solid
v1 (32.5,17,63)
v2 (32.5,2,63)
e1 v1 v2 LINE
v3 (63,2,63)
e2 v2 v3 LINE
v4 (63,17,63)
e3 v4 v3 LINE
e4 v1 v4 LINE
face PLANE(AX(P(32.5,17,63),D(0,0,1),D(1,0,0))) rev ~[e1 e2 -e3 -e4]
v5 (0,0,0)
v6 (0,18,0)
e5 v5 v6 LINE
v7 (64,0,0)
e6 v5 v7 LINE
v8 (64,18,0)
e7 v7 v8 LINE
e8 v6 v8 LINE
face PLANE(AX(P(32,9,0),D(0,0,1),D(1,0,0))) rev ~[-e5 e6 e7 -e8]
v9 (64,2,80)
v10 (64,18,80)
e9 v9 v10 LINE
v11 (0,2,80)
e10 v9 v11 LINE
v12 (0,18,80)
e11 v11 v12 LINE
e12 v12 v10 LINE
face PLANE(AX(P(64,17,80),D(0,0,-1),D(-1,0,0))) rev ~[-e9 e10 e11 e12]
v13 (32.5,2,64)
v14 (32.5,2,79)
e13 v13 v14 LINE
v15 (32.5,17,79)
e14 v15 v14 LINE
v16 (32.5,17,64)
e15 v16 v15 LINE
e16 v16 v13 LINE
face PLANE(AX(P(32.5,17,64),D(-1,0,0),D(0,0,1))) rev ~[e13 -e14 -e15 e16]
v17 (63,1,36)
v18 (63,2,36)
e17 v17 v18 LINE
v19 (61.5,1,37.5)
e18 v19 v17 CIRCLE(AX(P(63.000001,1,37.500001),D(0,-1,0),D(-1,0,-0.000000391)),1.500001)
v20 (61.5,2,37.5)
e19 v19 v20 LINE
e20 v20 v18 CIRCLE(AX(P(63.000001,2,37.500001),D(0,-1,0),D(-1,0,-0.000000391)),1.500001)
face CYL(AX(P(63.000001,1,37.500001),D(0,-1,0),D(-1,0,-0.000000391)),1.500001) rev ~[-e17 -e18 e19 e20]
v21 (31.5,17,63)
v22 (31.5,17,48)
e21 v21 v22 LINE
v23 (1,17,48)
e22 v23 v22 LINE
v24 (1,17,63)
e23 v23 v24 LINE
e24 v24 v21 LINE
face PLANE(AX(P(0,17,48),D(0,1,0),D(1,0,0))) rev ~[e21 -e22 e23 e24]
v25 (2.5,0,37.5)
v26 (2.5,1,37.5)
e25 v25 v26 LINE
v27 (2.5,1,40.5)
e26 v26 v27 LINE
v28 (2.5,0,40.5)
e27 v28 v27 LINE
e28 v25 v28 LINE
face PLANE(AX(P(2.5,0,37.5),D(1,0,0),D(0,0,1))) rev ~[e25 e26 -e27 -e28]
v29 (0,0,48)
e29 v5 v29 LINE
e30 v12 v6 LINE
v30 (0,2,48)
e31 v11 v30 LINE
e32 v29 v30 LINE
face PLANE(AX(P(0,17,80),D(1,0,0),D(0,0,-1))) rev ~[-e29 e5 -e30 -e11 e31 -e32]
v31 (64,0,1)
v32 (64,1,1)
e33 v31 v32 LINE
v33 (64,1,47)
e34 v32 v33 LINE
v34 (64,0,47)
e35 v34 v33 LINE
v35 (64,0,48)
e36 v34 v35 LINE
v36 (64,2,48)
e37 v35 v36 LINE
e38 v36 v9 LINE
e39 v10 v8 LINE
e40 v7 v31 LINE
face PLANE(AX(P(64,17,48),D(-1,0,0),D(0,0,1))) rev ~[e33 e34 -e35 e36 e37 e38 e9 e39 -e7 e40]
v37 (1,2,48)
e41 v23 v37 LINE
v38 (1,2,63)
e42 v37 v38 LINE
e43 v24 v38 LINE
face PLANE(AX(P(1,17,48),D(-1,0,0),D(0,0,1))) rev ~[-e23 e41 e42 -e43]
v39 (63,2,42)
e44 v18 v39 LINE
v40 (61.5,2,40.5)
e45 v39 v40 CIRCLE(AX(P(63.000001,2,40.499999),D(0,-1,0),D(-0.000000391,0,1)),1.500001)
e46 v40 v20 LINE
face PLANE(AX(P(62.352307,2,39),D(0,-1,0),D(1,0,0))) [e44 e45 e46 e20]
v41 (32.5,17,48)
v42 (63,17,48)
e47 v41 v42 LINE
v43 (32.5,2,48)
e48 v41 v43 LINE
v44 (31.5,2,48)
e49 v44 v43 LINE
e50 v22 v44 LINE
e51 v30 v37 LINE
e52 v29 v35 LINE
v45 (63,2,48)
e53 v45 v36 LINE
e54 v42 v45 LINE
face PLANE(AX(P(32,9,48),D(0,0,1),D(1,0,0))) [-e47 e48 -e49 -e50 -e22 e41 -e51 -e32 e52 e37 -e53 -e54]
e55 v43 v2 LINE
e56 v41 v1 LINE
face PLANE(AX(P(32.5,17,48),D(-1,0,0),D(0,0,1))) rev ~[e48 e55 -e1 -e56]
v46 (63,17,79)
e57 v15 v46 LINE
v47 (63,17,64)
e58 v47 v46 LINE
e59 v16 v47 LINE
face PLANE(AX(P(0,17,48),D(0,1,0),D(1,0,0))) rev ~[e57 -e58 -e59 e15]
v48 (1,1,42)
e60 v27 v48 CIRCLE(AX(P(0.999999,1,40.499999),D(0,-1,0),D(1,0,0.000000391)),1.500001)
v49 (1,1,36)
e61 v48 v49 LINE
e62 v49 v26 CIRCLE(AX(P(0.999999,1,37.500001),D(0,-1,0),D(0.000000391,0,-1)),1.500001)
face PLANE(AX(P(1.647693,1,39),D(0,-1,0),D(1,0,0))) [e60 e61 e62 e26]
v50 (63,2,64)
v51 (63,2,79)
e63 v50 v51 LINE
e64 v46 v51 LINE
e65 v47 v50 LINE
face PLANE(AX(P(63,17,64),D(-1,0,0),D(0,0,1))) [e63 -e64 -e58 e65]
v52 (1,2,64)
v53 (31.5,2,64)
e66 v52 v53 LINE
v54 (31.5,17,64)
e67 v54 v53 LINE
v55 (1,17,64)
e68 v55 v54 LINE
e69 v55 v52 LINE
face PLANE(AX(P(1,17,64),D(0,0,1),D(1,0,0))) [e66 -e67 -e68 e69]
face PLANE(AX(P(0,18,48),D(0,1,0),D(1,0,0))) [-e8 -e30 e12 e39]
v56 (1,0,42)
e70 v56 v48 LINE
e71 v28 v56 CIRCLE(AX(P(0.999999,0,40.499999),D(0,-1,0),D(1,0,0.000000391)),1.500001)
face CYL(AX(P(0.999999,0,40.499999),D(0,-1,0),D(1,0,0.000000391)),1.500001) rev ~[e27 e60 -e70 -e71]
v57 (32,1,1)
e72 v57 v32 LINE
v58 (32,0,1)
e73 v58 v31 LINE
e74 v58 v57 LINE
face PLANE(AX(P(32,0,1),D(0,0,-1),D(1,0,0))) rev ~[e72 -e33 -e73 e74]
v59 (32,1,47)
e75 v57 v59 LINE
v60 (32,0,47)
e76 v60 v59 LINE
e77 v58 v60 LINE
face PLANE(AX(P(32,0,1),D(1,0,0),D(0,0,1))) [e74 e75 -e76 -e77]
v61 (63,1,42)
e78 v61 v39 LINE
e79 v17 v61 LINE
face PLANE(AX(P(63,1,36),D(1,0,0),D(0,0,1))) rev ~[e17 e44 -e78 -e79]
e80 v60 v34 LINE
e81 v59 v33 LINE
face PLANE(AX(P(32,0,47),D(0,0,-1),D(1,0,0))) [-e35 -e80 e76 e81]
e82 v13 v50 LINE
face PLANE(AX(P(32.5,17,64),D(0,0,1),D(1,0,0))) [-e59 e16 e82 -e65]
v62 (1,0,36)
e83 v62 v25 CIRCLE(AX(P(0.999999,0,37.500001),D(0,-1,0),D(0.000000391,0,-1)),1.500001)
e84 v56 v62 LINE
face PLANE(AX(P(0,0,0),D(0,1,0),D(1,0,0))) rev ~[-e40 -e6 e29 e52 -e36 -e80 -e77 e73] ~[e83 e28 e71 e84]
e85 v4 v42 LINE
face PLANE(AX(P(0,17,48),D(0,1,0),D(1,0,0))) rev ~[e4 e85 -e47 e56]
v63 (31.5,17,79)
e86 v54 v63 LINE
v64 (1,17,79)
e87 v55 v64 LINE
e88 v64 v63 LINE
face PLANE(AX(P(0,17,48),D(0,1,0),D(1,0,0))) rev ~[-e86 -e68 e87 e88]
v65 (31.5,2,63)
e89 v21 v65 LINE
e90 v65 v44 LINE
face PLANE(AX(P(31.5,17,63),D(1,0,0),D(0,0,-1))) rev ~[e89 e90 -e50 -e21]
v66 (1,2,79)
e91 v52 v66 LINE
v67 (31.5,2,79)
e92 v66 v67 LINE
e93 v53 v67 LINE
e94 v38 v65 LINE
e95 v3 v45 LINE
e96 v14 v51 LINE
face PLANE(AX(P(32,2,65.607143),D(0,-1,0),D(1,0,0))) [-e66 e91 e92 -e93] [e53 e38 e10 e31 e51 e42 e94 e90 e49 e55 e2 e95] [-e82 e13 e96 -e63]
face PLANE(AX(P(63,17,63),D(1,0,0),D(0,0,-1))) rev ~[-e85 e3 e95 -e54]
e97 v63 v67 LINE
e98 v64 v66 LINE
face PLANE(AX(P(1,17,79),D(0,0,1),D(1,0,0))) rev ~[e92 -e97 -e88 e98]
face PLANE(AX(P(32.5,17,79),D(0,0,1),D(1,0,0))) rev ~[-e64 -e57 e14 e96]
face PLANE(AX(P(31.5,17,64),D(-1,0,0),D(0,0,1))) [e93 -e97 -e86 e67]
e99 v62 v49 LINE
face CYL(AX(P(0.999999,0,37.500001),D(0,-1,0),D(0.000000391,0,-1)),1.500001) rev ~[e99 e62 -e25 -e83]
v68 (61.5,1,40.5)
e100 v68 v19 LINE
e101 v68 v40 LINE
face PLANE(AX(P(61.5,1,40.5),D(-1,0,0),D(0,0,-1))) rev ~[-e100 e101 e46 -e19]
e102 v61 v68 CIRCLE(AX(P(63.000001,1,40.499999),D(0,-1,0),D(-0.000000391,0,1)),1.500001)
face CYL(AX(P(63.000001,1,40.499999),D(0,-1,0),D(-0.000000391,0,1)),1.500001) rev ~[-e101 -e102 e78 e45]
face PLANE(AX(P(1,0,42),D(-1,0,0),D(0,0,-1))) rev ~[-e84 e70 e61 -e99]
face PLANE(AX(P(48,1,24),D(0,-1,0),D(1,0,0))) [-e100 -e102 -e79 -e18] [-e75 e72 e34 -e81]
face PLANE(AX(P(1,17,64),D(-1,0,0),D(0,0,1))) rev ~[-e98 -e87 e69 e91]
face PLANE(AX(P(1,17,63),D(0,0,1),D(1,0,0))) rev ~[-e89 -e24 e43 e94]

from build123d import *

# Parameters (mm, degrees)
F0_W      = 64
F0_H      = 18
F1_DEPTH  = 48
F2_W      = 64
F2_H      = 1
F3_DEPTH  = 32
F4_W      = 30.5
F4_H      = 15
F5_DEPTH  = 15
F6_W      = 32
F6_H      = 46
F7_DEPTH  = 1
F9_DEPTH  = 1
F11_DEPTH = 1


with BuildPart() as f1:
    # F0 (on Top) → F1 (new body)
    with BuildSketch(Plane.XY):
        with Locations((32, 9)):
            Rectangle(F0_W, F0_H)
    extrude(amount=F1_DEPTH)

    # F2 (on face) → F3 (join)
    with BuildSketch(Plane.XY.offset(48)):
        with Locations((32, 17.5)):
            Rectangle(F2_W, F2_H)
    extrude(amount=F3_DEPTH)

    # F4 (on face) → F5 (join)
    with BuildSketch(Plane.XZ.offset(-17)):
        Polygon((1, 80), (0, 80), (0, 79), (0, 64), (0, 63), (0, 48), (1, 48), (1, 63), (31.5, 63), (31.5, 48), (32.5, 48), (32.5, 63), (63, 63), (63, 48), (64, 48), (64, 79), (64, 80), (63, 80), (32.5, 80), (31.5, 80), align=None)
        with Locations((16.25, 71.5)):
            Rectangle(F4_W, F4_H, mode=Mode.SUBTRACT)
        with Locations((47.75, 71.5)):
            Rectangle(F4_W, F4_H, mode=Mode.SUBTRACT)
    extrude(amount=F5_DEPTH)

    # F6 (on face) → F7 (cut)
    with BuildSketch(Plane.XZ):
        with Locations((48, 24)):
            Rectangle(F6_W, F6_H)
    extrude(amount=-F7_DEPTH, mode=Mode.SUBTRACT)

    # F8 (on face) → F9 (cut)
    with BuildSketch(Plane.XZ.offset(-1)):
        with BuildLine():
            ThreePointArc((63, 42), (61.93934, 41.56066), (61.5, 40.5))
            Line((61.5, 40.5), (61.5, 37.5))
            ThreePointArc((61.5, 37.5), (61.93934, 36.43934), (63, 36))
            Line((63, 36), (63, 42))
        make_face()
    extrude(amount=-F9_DEPTH, mode=Mode.SUBTRACT)

    # F10 (on face) → F11 (cut)
    with BuildSketch(Plane.XZ):
        with BuildLine():
            ThreePointArc((2.5, 40.5), (2.06066, 41.56066), (1, 42))
            Line((1, 42), (1, 36))
            ThreePointArc((1, 36), (2.06066, 36.43934), (2.5, 37.5))
            Line((2.5, 37.5), (2.5, 40.5))
        make_face()
    extrude(amount=-F11_DEPTH, mode=Mode.SUBTRACT)


solid = f1.part
